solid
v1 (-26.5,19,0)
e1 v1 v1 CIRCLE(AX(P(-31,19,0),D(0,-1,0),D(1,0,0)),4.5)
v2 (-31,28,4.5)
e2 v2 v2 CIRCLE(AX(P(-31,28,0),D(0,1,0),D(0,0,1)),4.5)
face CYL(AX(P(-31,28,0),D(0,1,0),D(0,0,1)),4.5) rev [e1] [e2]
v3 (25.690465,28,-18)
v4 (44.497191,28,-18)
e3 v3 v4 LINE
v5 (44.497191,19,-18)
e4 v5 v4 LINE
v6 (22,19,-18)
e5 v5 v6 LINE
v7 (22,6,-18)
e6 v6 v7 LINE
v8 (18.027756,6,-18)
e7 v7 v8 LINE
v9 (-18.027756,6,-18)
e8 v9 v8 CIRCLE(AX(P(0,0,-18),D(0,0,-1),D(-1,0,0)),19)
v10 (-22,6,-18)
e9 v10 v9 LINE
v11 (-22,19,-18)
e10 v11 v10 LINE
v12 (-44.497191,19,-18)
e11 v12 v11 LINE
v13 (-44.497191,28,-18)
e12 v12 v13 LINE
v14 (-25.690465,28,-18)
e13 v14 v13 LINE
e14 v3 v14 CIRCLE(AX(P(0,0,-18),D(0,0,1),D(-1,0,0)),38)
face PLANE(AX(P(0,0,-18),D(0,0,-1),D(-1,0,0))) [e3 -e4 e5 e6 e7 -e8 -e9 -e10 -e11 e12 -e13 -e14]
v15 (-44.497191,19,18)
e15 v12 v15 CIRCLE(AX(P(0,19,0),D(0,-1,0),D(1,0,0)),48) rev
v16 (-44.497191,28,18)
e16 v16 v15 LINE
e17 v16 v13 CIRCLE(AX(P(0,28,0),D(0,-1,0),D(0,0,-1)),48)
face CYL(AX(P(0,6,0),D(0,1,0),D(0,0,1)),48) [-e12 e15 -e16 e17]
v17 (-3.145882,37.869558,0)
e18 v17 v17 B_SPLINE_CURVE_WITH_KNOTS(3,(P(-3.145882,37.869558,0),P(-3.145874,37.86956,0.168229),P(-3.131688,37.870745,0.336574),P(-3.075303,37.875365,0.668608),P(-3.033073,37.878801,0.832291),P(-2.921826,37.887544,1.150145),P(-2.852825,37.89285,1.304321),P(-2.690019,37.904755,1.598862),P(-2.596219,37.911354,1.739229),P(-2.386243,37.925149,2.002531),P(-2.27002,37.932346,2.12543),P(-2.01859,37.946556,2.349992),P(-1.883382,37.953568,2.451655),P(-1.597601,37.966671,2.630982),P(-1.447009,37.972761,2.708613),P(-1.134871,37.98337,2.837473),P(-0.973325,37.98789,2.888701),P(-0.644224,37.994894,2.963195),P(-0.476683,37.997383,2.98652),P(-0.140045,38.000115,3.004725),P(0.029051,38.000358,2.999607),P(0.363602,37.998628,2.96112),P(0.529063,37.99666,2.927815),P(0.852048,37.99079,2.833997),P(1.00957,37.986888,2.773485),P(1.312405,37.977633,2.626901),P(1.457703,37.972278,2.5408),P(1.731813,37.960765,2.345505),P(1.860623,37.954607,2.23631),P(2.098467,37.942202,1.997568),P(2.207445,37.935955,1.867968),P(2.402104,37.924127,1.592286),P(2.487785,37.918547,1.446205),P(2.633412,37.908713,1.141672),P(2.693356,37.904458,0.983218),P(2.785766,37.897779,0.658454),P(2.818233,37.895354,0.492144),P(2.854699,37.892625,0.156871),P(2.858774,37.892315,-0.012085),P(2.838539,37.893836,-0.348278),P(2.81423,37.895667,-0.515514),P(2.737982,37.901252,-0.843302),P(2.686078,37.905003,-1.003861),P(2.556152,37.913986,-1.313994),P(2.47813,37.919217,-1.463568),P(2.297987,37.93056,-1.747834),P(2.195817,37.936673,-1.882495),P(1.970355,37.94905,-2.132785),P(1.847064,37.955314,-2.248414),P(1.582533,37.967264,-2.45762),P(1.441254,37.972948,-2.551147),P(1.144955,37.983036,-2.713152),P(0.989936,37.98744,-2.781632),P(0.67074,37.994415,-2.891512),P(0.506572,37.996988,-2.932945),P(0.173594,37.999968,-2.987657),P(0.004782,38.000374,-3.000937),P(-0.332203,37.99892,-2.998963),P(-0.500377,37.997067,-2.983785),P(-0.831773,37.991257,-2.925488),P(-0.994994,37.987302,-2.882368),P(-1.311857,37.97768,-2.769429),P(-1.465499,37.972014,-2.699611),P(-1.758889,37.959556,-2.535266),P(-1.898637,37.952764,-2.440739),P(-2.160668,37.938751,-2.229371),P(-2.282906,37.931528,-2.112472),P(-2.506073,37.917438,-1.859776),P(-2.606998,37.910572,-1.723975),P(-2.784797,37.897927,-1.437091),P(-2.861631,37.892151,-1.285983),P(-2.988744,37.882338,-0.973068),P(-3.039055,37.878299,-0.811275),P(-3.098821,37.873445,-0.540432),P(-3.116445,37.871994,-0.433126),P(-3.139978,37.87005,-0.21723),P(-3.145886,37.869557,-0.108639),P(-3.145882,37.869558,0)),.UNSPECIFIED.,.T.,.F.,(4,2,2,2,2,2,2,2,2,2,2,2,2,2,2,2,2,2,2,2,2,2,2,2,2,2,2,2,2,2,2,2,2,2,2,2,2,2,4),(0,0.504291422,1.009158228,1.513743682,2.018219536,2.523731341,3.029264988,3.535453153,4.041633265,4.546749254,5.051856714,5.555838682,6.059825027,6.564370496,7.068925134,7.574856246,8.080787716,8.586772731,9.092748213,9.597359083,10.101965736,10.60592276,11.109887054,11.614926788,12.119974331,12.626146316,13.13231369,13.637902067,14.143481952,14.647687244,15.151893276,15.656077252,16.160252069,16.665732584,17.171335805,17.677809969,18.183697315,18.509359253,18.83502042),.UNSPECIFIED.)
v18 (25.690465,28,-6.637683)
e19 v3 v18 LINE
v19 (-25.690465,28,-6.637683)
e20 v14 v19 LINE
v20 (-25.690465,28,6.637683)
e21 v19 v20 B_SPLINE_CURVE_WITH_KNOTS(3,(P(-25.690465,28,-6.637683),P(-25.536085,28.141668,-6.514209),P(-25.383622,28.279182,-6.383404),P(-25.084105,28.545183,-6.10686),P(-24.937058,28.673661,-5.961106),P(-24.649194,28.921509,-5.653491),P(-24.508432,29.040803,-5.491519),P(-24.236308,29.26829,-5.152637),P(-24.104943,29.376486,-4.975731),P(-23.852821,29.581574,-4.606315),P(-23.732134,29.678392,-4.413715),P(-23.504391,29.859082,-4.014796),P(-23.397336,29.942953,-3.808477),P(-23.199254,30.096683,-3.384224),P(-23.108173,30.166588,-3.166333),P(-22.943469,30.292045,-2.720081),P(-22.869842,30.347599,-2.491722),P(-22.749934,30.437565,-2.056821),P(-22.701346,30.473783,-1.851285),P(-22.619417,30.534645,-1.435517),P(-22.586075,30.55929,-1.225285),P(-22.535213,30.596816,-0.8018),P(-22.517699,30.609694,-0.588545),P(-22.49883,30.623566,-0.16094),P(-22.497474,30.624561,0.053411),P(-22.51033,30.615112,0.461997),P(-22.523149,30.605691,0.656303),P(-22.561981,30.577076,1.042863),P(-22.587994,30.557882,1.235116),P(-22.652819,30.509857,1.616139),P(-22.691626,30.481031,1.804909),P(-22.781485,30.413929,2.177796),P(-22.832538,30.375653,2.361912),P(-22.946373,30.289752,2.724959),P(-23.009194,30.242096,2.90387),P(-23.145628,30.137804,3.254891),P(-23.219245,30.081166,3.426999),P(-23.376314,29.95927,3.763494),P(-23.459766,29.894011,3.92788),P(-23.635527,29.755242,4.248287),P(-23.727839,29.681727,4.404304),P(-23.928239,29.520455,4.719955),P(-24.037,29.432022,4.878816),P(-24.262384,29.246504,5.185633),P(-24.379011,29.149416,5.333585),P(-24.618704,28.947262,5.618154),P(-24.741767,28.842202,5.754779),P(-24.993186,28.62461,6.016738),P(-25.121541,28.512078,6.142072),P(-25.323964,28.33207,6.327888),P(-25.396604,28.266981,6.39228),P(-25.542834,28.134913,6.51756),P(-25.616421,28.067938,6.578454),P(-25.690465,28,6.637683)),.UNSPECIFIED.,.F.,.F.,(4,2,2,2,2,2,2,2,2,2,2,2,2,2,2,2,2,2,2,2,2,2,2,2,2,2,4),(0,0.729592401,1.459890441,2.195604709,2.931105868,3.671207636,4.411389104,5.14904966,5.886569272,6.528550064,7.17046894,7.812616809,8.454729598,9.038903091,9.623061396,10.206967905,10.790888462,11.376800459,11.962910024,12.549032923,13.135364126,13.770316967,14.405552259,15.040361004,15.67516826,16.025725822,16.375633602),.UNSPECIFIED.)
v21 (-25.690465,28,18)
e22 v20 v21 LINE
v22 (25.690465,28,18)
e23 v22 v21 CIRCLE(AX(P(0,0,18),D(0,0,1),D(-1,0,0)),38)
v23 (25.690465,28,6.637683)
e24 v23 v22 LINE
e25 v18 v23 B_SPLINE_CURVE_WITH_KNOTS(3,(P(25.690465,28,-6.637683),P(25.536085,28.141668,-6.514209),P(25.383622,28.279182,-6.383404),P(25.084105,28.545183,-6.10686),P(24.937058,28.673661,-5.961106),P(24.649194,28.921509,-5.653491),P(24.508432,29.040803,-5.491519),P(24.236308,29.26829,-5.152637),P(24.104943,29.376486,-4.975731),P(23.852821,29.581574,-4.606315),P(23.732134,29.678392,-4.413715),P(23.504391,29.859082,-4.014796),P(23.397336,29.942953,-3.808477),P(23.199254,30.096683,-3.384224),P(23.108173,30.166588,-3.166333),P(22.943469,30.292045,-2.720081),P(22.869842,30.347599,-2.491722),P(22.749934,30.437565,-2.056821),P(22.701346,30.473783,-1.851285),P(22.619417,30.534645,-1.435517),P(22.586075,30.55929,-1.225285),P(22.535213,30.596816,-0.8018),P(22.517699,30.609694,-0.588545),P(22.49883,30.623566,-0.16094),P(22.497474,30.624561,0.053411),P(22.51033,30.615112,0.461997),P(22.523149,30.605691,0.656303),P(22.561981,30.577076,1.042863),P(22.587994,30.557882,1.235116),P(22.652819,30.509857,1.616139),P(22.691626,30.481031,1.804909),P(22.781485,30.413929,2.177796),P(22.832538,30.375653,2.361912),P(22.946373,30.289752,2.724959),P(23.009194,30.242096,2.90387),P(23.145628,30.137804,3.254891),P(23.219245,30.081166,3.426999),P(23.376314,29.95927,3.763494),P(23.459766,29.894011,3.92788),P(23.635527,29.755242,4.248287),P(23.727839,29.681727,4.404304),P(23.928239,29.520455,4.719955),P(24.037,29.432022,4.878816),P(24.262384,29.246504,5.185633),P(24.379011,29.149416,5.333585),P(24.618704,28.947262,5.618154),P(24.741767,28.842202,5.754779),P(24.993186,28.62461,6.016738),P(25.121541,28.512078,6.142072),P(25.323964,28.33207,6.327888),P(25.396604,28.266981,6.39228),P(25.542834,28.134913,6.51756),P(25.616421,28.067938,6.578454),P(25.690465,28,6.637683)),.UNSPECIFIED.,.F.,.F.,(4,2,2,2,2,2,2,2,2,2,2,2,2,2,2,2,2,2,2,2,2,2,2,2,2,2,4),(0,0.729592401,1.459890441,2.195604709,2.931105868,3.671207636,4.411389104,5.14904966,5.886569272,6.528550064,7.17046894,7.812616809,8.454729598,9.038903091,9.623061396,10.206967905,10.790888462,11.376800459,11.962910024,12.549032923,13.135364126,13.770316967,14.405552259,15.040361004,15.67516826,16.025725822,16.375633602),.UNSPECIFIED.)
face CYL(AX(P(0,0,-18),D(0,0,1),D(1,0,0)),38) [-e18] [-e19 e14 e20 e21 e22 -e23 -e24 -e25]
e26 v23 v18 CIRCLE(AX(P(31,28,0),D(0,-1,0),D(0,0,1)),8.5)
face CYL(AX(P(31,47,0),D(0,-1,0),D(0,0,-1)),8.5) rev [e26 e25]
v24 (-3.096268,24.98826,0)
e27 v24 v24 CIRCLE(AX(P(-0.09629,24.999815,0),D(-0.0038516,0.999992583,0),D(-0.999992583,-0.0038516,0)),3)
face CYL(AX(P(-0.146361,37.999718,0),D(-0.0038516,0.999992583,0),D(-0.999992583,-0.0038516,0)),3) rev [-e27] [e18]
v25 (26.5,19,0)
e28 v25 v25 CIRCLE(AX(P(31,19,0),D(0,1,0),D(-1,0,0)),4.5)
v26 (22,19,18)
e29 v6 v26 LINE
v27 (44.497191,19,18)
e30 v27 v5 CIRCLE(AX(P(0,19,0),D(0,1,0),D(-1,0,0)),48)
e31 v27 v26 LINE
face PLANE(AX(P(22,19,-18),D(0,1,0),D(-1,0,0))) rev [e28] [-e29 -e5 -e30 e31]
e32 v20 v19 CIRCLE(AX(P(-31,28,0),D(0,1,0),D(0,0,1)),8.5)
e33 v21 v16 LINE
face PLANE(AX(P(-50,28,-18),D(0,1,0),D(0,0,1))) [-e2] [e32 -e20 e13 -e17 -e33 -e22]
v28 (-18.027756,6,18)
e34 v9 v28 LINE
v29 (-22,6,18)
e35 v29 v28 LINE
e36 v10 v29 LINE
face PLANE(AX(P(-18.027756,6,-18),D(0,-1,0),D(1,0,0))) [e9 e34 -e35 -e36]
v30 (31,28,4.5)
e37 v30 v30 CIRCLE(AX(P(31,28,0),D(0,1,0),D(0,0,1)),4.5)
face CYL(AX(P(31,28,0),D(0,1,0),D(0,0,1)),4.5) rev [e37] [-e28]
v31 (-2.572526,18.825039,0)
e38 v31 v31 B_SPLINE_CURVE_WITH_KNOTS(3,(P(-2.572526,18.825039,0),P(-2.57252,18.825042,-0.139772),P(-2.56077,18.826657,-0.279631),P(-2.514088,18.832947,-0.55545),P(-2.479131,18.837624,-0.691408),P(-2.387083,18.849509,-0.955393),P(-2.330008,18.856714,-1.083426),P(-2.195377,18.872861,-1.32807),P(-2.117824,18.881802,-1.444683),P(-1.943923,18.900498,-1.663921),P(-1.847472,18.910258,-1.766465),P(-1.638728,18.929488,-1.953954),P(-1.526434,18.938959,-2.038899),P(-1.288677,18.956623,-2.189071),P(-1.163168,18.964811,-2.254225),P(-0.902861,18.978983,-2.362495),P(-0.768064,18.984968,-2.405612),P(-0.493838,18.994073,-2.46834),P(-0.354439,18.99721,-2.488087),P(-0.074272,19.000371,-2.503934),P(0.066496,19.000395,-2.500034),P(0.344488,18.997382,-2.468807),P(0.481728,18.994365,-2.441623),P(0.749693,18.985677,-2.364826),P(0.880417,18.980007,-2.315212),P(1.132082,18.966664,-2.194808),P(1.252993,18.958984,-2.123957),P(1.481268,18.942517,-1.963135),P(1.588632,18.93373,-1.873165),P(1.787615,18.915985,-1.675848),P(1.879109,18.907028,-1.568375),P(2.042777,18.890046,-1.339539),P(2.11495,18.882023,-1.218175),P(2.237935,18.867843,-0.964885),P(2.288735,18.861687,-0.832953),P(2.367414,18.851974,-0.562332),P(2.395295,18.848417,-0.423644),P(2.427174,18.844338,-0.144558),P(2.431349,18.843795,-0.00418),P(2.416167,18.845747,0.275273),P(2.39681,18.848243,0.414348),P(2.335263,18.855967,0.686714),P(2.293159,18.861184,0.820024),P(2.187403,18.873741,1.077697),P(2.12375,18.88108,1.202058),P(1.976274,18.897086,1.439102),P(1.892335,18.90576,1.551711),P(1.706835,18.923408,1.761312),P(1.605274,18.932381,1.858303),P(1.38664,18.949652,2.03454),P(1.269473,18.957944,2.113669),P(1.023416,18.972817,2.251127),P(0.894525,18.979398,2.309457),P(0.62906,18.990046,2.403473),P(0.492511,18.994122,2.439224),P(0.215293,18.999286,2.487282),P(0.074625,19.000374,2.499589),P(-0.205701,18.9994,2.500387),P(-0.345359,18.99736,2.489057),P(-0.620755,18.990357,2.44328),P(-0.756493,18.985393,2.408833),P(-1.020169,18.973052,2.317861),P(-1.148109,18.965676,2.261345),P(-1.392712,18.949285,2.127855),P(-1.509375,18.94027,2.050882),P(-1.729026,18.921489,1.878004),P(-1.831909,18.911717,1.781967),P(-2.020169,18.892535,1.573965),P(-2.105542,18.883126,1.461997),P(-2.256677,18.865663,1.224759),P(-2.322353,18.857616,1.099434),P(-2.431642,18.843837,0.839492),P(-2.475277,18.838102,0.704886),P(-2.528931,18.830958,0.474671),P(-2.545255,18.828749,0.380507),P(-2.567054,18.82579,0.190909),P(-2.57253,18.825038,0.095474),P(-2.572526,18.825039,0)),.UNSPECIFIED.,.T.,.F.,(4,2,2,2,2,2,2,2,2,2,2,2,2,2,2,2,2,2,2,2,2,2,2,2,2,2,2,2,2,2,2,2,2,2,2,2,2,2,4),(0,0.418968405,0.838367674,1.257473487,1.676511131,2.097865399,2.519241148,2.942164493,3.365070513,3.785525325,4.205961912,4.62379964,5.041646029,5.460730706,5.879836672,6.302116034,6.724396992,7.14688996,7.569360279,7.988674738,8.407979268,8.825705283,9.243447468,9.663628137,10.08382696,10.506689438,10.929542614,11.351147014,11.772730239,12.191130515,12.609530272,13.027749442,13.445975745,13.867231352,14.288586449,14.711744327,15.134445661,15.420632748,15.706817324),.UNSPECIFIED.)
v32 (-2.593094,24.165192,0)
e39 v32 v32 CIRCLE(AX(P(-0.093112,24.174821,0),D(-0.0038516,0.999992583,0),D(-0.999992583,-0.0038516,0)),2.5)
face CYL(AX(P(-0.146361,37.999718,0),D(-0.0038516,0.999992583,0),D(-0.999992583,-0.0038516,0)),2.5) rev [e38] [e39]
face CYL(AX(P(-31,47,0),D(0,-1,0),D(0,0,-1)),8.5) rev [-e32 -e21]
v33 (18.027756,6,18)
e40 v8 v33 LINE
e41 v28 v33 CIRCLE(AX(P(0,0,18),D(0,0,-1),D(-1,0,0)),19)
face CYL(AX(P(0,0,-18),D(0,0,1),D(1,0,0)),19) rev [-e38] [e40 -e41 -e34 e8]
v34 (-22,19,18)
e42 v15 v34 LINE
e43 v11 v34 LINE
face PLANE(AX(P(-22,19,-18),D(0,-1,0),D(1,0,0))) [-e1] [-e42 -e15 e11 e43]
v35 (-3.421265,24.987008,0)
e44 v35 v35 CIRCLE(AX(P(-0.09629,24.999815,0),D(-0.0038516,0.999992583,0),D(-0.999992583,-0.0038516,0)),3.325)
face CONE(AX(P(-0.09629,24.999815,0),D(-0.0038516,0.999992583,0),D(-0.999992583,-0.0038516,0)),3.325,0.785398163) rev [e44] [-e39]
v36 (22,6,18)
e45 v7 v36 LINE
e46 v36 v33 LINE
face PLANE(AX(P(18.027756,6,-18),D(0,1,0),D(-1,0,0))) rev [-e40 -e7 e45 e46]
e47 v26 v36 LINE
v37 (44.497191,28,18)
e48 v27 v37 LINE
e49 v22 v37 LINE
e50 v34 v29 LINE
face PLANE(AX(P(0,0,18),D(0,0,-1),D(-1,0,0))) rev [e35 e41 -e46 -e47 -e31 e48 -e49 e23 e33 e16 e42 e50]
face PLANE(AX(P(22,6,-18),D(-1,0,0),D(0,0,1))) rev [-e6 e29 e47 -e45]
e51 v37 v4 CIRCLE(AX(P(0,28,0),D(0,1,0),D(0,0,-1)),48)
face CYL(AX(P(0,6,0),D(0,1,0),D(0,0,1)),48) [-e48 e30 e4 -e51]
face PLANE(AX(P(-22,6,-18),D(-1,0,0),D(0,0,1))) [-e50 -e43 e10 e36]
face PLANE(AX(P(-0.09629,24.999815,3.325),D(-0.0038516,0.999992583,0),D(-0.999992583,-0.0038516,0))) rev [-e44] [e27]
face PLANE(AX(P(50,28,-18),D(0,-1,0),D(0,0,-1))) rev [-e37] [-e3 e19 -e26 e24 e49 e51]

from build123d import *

# Parameters (mm, degrees)
BOSS_EXTRUDE1_DEPTH   = 18
F_6_0MM_DOWEL_HOLE2_D = 9
SKETCH24_R            = 8.5
CUT_EXTRUDE7_DEPTH    = 19
CUT_EXTRUDE8_DEPTH    = 23
F_6_0MM_DOWEL_HOLE3_D = 9


with BuildPart() as part:
    # Sketch1 → Boss-Extrude1 (new body, symmetric)
    with BuildSketch(Plane.XY):
        with BuildLine():
            Line((-18.027756377, 6), (-22, 6))
            Line((-22, 6), (-22, 19))
            Line((-22, 19), (-50, 19))
            Line((-50, 19), (-50, 28))
            Line((-50, 28), (-25.690465157, 28))
            ThreePointArc((-25.690465157, 28), (-13.784048752, 35.411862419), (0, 38))
            Line((0, 38), (0, 19))
            ThreePointArc((0, 19), (-11.113055385, 15.411035007), (-18.027756377, 6))
        make_face()
    boss_extrude1 = extrude(amount=BOSS_EXTRUDE1_DEPTH, both=True)

    # Mirror1: Boss-Extrude1 across plane
    add(boss_extrude1.mirror(Plane(origin=(0, 0, 0), x_dir=(0, 0, 1), z_dir=(1, 0, 0))))

    # Ø6.0mm Dowel Hole2 (through all)
    with Locations(Plane(origin=(0, 28, 0), x_dir=(1, 0, 0), z_dir=(0, 1, 0))):
        with Locations((-31, 0)):
            Hole(F_6_0MM_DOWEL_HOLE2_D / 2)

    # Sketch24 → Cut-Extrude7 (cut)
    with BuildSketch(Plane(origin=(0, 28, 0), x_dir=(1, 0, 0), z_dir=(0, 1, 0))):
        with Locations((-31, 0)):
            Circle(SKETCH24_R)
    cut_extrude7 = extrude(amount=CUT_EXTRUDE7_DEPTH, mode=Mode.SUBTRACT)

    # Mirror5: Cut-Extrude7 across plane
    add(cut_extrude7.mirror(Plane(origin=(0, 0, 0), x_dir=(0, 0, 1), z_dir=(1, 0, 0))), mode=Mode.SUBTRACT)

    # Sketch25 → Cut-Extrude8 (cut, through all)
    with BuildSketch(Plane(origin=(0, 28, 0), x_dir=(1, 0, 0), z_dir=(0, 1, 0))):
        with BuildLine():
            Line((-44.497190923, 18), (-50, 18))
            Line((-50, 18), (-50, -18))
            Line((-50, -18), (-44.497190923, -18))
            ThreePointArc((-44.497190923, -18), (-48, 0), (-44.497190923, 18))
        make_face()
    cut_extrude8 = extrude(amount=-CUT_EXTRUDE8_DEPTH, mode=Mode.SUBTRACT)

    # Mirror7: Cut-Extrude8 across plane
    add(cut_extrude8.mirror(Plane(origin=(0, 0, 0), x_dir=(0, 0, 1), z_dir=(1, 0, 0))), mode=Mode.SUBTRACT)

    # Sketch28 → CBORE for M6 Hex Head Machine Screw1 (revolve, cut)
    with BuildSketch(Plane(origin=(-0.146360812, 37.999718137, 0), x_dir=(-0.999992583, -0.0038516, 0), z_dir=(0, 0, 1))):
        Polygon((0, 0), (0, 32.18492132), (2.5, 32.18492132), (2.5, 13.825), (3.325, 13), (3, 13), (3, 0), align=None)
    revolve(axis=Axis((-0.170818474, 44.349671037, 0), (0.0038516, -0.999992583, 0)), mode=Mode.SUBTRACT)

    # Ø6.0mm Dowel Hole3 (through all)
    with Locations(Plane(origin=(0, 28, 0), x_dir=(1, 0, 0), z_dir=(0, 1, 0))):
        with Locations((31, 0)):
            Hole(F_6_0MM_DOWEL_HOLE3_D / 2)


solid = part.part
